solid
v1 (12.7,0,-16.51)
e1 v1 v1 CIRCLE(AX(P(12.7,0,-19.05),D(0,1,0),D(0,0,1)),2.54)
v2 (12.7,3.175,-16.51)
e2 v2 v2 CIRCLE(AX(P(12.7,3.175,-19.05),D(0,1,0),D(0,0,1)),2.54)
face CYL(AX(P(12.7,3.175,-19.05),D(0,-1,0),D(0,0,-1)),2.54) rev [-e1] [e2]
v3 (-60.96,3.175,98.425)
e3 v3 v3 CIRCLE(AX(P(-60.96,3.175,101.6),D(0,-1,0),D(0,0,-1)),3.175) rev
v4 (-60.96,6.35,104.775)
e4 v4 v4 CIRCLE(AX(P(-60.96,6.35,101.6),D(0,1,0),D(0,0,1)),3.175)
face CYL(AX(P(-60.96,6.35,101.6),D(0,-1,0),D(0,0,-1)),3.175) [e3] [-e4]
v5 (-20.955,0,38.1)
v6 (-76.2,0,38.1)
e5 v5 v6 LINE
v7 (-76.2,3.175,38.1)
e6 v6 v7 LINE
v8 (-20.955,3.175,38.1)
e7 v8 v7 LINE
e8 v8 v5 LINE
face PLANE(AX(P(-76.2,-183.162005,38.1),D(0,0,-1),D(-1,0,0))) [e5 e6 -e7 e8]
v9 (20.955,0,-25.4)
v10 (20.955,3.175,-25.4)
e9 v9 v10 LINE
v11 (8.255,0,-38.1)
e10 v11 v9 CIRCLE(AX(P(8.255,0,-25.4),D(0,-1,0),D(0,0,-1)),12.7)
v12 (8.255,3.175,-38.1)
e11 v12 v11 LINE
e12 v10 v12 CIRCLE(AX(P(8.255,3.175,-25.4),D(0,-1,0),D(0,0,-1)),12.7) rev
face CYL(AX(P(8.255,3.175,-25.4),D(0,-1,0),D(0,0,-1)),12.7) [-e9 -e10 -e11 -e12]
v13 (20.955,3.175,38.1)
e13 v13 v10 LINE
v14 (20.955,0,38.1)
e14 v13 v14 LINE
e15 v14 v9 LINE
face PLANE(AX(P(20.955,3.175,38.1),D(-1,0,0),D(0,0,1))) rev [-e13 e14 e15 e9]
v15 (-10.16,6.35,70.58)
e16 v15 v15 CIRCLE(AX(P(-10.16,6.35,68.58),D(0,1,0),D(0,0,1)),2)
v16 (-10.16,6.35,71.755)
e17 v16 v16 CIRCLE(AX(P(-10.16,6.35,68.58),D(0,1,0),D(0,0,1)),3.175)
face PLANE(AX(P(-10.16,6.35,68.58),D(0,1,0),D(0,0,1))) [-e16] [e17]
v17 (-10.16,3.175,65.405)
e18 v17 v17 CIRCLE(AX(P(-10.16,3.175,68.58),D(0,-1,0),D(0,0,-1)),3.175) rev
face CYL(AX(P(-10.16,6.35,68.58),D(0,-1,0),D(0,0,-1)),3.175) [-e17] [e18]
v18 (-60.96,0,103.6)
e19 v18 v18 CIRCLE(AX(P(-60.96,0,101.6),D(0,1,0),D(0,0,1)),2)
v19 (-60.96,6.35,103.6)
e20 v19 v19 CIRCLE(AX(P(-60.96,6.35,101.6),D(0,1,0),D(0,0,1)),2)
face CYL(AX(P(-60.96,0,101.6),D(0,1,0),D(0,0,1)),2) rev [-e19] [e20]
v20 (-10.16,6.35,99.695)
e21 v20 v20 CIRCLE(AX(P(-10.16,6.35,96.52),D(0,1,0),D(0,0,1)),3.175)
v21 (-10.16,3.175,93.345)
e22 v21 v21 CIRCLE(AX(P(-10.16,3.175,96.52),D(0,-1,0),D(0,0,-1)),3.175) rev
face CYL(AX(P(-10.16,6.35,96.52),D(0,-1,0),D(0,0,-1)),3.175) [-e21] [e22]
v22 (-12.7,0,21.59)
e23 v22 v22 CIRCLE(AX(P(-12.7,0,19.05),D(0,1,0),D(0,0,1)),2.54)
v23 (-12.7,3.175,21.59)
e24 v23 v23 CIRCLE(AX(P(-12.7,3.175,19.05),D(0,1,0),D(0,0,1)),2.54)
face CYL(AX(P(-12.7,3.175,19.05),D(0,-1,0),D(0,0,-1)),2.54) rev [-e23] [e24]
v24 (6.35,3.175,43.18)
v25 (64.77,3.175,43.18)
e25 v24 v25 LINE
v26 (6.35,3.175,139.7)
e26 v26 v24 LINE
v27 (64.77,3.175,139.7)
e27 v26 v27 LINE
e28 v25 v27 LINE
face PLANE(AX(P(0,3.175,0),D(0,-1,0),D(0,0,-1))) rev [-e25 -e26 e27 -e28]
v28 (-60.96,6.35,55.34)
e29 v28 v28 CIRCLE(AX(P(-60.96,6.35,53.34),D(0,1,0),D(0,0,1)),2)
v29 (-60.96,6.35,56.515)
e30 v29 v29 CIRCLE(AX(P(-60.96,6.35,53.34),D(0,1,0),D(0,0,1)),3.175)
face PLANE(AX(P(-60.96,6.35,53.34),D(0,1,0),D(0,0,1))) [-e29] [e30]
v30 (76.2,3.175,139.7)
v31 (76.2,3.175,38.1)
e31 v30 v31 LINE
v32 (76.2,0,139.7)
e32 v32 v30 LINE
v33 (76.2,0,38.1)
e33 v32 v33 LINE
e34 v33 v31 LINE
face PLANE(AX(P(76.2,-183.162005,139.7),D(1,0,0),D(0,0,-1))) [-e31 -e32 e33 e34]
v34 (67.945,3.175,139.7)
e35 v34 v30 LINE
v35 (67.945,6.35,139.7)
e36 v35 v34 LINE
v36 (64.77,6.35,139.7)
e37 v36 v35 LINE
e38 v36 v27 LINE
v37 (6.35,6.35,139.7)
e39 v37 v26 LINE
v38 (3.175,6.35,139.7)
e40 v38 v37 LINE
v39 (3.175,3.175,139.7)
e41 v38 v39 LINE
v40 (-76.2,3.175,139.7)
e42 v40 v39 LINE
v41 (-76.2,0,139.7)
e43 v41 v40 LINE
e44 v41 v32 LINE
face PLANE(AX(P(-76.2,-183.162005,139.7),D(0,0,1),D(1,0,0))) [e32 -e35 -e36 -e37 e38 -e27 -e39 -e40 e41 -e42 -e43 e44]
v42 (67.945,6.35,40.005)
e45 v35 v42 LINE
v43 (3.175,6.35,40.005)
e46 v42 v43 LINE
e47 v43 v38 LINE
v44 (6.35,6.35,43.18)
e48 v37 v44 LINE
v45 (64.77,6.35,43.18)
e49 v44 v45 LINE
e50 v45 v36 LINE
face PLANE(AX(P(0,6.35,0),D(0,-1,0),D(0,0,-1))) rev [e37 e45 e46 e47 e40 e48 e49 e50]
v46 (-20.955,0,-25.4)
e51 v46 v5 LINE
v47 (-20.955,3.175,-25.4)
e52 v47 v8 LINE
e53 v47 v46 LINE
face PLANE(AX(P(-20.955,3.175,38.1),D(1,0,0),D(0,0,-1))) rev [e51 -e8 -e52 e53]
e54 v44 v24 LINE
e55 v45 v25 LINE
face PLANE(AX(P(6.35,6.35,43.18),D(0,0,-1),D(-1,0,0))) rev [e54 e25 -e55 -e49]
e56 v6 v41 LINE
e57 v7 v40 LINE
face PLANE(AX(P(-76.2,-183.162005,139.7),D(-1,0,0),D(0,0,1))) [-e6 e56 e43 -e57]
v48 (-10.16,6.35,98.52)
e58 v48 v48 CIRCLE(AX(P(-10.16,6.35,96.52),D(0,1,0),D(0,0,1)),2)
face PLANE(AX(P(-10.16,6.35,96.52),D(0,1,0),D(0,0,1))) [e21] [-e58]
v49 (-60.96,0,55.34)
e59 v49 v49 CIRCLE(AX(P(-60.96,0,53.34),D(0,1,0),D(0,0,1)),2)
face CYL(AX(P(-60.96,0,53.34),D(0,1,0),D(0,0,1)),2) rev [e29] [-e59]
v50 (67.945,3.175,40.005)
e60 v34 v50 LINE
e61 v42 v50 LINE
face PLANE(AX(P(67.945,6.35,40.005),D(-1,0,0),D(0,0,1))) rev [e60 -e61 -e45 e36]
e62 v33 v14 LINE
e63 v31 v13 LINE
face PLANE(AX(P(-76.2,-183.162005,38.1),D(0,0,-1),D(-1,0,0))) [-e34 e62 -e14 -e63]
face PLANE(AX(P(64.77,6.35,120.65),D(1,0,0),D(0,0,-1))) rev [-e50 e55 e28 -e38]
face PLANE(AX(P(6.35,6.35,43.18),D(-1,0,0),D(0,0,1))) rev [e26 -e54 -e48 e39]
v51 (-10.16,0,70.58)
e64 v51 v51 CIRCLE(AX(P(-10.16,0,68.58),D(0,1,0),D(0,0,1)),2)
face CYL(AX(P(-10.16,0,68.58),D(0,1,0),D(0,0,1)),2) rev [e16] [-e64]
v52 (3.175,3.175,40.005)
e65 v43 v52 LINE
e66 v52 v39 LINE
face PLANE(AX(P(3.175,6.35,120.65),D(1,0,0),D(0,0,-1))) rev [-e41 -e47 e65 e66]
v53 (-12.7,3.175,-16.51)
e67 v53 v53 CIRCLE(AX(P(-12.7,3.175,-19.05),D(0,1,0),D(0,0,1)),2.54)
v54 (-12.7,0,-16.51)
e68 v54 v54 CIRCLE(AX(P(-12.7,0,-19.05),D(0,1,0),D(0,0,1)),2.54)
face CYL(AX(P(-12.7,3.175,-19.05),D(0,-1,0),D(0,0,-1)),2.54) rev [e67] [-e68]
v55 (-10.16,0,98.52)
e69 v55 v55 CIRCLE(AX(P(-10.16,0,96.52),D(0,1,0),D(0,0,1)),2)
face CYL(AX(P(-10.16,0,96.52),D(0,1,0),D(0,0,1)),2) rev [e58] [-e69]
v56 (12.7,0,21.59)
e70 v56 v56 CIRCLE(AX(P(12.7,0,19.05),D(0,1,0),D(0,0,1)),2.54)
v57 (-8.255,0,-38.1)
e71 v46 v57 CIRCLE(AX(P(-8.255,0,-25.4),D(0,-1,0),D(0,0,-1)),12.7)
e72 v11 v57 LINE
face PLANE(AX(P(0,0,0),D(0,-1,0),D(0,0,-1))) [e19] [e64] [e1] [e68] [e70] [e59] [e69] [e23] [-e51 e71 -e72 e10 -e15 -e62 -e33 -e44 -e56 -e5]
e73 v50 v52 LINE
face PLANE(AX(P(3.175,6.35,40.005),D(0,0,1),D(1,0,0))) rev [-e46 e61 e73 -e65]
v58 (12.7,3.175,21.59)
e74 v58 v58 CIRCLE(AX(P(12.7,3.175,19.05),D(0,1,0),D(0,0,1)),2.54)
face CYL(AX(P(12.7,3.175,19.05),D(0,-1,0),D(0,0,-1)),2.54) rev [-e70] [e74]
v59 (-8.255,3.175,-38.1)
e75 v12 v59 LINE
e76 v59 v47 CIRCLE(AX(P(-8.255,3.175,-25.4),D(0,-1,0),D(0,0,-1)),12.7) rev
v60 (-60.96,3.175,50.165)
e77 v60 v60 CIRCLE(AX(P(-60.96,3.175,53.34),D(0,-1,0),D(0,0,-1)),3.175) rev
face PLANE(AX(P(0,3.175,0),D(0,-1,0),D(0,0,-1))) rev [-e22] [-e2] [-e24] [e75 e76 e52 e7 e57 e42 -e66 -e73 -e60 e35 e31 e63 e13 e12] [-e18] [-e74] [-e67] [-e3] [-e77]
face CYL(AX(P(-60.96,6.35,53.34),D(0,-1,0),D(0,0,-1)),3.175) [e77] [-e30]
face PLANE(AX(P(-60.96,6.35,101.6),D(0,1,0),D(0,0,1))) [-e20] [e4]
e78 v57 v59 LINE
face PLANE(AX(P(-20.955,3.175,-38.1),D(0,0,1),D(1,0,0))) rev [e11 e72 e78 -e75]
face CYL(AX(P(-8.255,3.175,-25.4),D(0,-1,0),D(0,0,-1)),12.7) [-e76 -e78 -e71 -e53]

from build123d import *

# Parameters (mm, degrees)
SKETCH1_W           = 41.91
SKETCH1_H           = 76.2
SKETCH1_R           = 2.54
BOSS_EXTRUDE1_DEPTH = 3.175
SKETCH2_W           = 152.4
SKETCH2_H           = 101.6
BOSS_EXTRUDE2_DEPTH = 3.175
SKETCH3_R           = 2
CUT_EXTRUDE1_DEPTH  = 160.162214816
BOSS_EXTRUDE3_DEPTH = 3.175
BOSS_EXTRUDE4_START = 3.175
SKETCH5_R           = 3.175
SKETCH5_R_2         = 2
BOSS_EXTRUDE4_DEPTH = 3.175
FILLET1_R           = 12.7


with BuildPart() as part:
    # Sketch1 → Boss-Extrude1 (new body)
    with BuildSketch(Plane(origin=(0, 0, 0), x_dir=(1, 0, 0), z_dir=(0, 1, 0))):
        Rectangle(SKETCH1_W, SKETCH1_H)
        with Locations(Location((-12.7, 19.05, 0), (0, 0, 270))):
            Circle(SKETCH1_R, mode=Mode.SUBTRACT)
        with Locations(Location((-12.7, -19.05, 0), (0, 0, 270))):
            Circle(SKETCH1_R, mode=Mode.SUBTRACT)
        with Locations(Location((12.7, -19.05, 0), (0, 0, 270))):
            Circle(SKETCH1_R, mode=Mode.SUBTRACT)
        with Locations(Location((12.7, 19.05, 0), (0, 0, 270))):
            Circle(SKETCH1_R, mode=Mode.SUBTRACT)
    extrude(amount=BOSS_EXTRUDE1_DEPTH)

    # Sketch2 → Boss-Extrude2 (add)
    with BuildSketch(Plane(origin=(0, 3.175, 0), x_dir=(1, 0, 0), z_dir=(0, 1, 0))):
        with Locations((0, -88.9)):
            Rectangle(SKETCH2_W, SKETCH2_H)
    extrude(amount=-BOSS_EXTRUDE2_DEPTH)

    # Sketch3 → Cut-Extrude1 (cut, through all)
    with BuildSketch(Plane(origin=(0, 3.175, 0), x_dir=(1, 0, 0), z_dir=(0, 1, 0))):
        with Locations(Location((-60.96, -53.34, 0), (0, 0, 270))):
            Circle(SKETCH3_R)
        with Locations(Location((-60.96, -101.6, 0), (0, 0, 270))):
            Circle(SKETCH3_R)
        with Locations(Location((-10.16, -68.58, 0), (0, 0, 270))):
            Circle(SKETCH3_R)
        with Locations(Location((-10.16, -96.52, 0), (0, 0, 270))):
            Circle(SKETCH3_R)
    extrude(amount=-CUT_EXTRUDE1_DEPTH, mode=Mode.SUBTRACT)

    # Sketch4 → Boss-Extrude3 (add)
    with BuildSketch(Plane(origin=(0, 3.175, 0), x_dir=(1, 0, 0), z_dir=(0, 1, 0))):
        Polygon((64.77, -43.18), (64.77, -120.65), (64.77, -139.7), (67.945, -139.7), (67.945, -120.65), (67.945, -40.005), (3.175, -40.005), (3.175, -120.65), (3.175, -139.7), (6.35, -139.7), (6.35, -120.65), (6.35, -43.18), align=None)
    extrude(amount=BOSS_EXTRUDE3_DEPTH)

    # Sketch5 → Boss-Extrude4 (add)
    # profile 1 of 4: a face of its own
    with BuildSketch(Plane(origin=(0, 3.175, 0), x_dir=(1, 0, 0), z_dir=(0, 1, 0)).offset(BOSS_EXTRUDE4_START)):
        with Locations(Location((-60.96, -53.34, 0), (0, 0, 90))):
            Circle(SKETCH5_R)
        with Locations(Location((-60.96, -53.34, 0), (0, 0, 270))):
            Circle(SKETCH5_R_2, mode=Mode.SUBTRACT)
    # profile 2 of 4: a face of its own
    with BuildSketch(Plane(origin=(0, 3.175, 0), x_dir=(1, 0, 0), z_dir=(0, 1, 0)).offset(BOSS_EXTRUDE4_START)):
        with Locations(Location((-60.96, -101.6, 0), (0, 0, 90))):
            Circle(SKETCH5_R)
        with Locations(Location((-60.96, -101.6, 0), (0, 0, 270))):
            Circle(SKETCH5_R_2, mode=Mode.SUBTRACT)
    # profile 3 of 4: a face of its own
    with BuildSketch(Plane(origin=(0, 3.175, 0), x_dir=(1, 0, 0), z_dir=(0, 1, 0)).offset(BOSS_EXTRUDE4_START)):
        with Locations(Location((-10.16, -96.52, 0), (0, 0, 90))):
            Circle(SKETCH5_R)
        with Locations(Location((-10.16, -96.52, 0), (0, 0, 270))):
            Circle(SKETCH5_R_2, mode=Mode.SUBTRACT)
    # profile 4 of 4: a face of its own
    with BuildSketch(Plane(origin=(0, 3.175, 0), x_dir=(1, 0, 0), z_dir=(0, 1, 0)).offset(BOSS_EXTRUDE4_START)):
        with Locations(Location((-10.16, -68.58, 0), (0, 0, 90))):
            Circle(SKETCH5_R)
        with Locations(Location((-10.16, -68.58, 0), (0, 0, 270))):
            Circle(SKETCH5_R_2, mode=Mode.SUBTRACT)
    extrude(amount=-BOSS_EXTRUDE4_DEPTH)

    # Fillet1
    fillet1_edges = [part.edges().sort_by_distance(p)[0] for p in [
        (-20.955, 1.5875, -38.1),
        (20.955, 1.5875, -38.1),
    ]]
    fillet(fillet1_edges, radius=FILLET1_R)


solid = part.part
